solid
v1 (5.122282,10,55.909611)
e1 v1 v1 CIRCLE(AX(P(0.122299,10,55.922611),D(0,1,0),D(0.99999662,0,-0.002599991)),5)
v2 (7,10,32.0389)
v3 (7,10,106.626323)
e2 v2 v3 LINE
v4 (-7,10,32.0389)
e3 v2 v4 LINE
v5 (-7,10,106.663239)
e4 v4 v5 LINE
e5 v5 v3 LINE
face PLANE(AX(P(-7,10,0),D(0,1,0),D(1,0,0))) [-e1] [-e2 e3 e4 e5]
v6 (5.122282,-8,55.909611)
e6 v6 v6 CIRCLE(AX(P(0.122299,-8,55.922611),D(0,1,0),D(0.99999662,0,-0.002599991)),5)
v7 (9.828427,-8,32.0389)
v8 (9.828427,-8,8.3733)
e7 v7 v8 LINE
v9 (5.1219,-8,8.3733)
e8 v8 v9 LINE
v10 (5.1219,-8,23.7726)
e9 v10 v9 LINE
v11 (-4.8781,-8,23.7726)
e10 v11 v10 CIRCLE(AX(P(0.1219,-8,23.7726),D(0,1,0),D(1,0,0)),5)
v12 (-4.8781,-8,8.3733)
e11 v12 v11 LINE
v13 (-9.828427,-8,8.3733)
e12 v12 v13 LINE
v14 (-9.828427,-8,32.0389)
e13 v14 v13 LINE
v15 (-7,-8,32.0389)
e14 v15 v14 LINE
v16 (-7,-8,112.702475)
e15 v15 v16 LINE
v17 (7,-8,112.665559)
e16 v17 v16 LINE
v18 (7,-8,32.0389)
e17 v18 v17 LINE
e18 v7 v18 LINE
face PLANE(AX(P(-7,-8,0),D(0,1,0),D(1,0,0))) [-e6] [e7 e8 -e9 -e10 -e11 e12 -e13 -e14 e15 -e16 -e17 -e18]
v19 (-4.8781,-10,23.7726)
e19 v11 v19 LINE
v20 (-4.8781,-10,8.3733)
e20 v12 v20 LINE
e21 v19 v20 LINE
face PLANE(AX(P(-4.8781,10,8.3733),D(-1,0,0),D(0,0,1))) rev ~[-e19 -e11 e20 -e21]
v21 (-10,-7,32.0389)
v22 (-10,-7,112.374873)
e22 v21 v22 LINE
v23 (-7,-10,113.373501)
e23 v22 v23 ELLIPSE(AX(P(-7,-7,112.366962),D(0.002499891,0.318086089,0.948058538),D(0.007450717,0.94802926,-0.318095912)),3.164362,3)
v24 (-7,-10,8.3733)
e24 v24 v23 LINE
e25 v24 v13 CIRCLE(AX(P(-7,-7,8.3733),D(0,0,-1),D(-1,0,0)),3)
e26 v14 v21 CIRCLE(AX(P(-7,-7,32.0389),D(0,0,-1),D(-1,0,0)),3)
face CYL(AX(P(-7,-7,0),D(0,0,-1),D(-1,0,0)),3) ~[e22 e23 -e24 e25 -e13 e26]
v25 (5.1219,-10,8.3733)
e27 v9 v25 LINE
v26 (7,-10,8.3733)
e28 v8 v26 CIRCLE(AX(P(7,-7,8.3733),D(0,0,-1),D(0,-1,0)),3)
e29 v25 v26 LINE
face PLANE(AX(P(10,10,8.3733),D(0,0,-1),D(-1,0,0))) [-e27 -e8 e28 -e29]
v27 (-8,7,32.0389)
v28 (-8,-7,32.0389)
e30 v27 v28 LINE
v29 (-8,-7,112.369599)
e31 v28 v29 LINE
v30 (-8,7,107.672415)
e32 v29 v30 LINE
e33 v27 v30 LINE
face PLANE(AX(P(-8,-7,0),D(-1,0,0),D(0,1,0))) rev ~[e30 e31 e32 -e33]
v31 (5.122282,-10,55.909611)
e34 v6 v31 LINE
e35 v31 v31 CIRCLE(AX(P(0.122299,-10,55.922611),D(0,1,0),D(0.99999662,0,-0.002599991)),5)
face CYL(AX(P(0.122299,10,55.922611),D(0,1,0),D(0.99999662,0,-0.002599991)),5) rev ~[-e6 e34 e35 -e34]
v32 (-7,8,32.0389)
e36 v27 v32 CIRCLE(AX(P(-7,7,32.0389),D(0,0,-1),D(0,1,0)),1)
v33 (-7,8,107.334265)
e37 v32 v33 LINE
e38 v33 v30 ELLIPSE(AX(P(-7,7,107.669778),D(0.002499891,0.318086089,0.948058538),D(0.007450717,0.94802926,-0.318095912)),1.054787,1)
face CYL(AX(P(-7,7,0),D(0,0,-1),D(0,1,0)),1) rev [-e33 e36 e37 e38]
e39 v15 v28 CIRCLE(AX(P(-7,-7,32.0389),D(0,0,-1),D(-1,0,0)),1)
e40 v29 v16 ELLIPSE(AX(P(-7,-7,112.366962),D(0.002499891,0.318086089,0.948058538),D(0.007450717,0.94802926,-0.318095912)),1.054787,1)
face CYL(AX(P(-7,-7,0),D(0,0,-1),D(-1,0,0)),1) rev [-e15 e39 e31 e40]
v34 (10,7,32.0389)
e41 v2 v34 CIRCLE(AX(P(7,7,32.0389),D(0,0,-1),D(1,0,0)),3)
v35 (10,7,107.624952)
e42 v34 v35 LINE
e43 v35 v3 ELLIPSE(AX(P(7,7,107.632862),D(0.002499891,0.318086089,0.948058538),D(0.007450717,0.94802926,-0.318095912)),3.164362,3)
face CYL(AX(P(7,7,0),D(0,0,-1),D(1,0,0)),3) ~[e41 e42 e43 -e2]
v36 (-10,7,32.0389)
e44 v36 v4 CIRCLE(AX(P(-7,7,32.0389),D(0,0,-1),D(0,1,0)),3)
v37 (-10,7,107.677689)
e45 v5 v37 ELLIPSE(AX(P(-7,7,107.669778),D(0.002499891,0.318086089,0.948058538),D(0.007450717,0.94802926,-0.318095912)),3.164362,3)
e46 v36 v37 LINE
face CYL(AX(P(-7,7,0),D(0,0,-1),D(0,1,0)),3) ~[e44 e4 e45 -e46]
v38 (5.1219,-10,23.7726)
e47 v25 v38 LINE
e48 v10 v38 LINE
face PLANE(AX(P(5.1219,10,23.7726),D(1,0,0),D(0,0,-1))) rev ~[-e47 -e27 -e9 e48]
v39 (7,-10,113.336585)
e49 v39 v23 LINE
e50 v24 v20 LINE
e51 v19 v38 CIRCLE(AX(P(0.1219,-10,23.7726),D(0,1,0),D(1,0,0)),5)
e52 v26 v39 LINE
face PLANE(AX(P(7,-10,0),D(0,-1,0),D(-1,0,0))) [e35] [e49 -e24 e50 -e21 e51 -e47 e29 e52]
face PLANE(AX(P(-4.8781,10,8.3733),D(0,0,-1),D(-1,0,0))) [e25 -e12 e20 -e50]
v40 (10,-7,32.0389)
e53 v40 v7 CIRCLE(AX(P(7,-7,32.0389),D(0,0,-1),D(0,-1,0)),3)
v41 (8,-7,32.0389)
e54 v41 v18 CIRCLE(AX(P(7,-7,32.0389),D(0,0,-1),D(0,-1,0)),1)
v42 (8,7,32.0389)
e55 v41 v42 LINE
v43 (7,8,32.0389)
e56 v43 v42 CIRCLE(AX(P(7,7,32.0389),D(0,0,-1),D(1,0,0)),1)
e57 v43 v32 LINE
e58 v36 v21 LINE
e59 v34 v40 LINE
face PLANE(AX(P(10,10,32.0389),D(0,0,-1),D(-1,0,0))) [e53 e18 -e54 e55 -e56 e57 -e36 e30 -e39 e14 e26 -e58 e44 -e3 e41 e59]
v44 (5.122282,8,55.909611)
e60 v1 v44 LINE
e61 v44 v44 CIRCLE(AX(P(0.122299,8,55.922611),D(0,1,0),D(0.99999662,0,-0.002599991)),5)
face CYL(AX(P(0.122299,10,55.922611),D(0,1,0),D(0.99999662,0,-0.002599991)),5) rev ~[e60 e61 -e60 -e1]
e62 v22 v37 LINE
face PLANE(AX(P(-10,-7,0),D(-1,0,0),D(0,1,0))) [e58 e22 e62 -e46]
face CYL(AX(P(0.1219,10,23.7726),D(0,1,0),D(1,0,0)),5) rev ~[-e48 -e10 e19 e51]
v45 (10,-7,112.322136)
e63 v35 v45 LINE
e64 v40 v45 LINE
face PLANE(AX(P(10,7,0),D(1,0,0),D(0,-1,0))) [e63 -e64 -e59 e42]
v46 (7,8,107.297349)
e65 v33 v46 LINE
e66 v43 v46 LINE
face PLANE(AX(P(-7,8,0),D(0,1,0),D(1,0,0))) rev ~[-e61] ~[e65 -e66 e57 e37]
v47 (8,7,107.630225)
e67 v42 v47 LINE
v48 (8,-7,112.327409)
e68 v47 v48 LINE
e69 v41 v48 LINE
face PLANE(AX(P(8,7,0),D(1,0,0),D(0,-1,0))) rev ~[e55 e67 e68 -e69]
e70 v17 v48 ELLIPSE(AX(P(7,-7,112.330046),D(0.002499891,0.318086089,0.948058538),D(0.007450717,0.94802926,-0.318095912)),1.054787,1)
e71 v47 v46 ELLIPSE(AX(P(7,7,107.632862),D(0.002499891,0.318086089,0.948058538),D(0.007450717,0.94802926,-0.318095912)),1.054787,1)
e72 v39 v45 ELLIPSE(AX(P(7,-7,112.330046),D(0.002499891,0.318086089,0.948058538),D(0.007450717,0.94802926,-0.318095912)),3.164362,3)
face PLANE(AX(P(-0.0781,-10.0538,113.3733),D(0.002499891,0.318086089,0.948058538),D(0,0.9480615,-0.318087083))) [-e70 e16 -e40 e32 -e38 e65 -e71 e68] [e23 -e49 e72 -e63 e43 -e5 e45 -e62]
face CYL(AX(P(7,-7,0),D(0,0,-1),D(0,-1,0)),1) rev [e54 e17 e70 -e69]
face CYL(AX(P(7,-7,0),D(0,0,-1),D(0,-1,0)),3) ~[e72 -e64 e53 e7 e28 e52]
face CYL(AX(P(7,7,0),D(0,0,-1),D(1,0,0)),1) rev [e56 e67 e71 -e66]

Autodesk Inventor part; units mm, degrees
ref_plane "Start Plane" through (0, 0, 0) normal (0, 0, 1) x (1, 0, 0)
ref_plane "End Plane" through (0, 0, 113.3811) normal (0, 0, 1) x (1, 0, 0)
sketch "Sketch" plane through (0, 0, 0) normal (0, 0, 1) x (1, 0, 0)
  line L0 (-10, -7) -> (-10, 7)
  line L1 (-7, 10) -> (7, 10)
  line L2 (10, 7) -> (10, -7)
  line L3 (7, -10) -> (-7, -10)
  arc A0 (-10, -7) -> (-7, -10) centre (-7, -7) ccw
  arc A1 (-7, 10) -> (-10, 7) centre (-7, 7) ccw
  arc A2 (10, 7) -> (7, 10) centre (7, 7) ccw
  arc A3 (7, -10) -> (10, -7) centre (7, -7) ccw
  arc A4 (-7, 8) -> (-8, 7) centre (-7, 7) ccw
  line L4 (-7, 8) -> (7, 8)
  arc A5 (8, 7) -> (7, 8) centre (7, 7) ccw
  line L5 (8, 7) -> (8, -7)
  arc A6 (7, -8) -> (8, -7) centre (7, -7) ccw
  line L6 (7, -8) -> (-7, -8)
  arc A7 (-8, -7) -> (-7, -8) centre (-7, -7) ccw
  line L7 (-8, -7) -> (-8, 7)
  line L8 (0, 14.8698) -> (0, -14.8698) construction
  line L9 (-14.8698, 0) -> (14.8698, 0) construction
  dimension "d7" = 3
  dimension "d10" = 20
  dimension "d11" = 20
  dimension "d12" = 2
  dimension "d15" = 10
  dimension "d16" = 10
extrude "Body" add sketch "Sketch" along normal up to surface (113.3811 mm away) from surface at 0
sketch "Sketch3" plane through (0, 0, 0) normal (0, 0, 1) x (1, 0, 0)
  line L0 (0, 0) -> (10, 0)
ref_plane "Work Plane3" through (0, 0, 0) normal (0, -1, 0) x (1, 0, 0)
sketch "Sketch4" plane through (0, 0, 0) normal (0, -1, 0) x (1, 0, 0)
  line L0 (-2, 0) -> (12, 0)
  line L1 (-2, 113.3811) -> (12, 113.3811)
  dimension "d18" = 113.3811
ref_plane "Work Plane4" through (-0.0781, -10.0538, 113.3733) normal (0.0025, 0.3181, 0.9481) x (1, -0.0004, -0.0025)
split "Split1" plane through (-0.0781, -10.0538, 113.3733) removes the side toward (0.0025, 0.3181, 0.9481)
sketch "Sketch5" plane through (-7, 10, 0) normal (0, 1, 0) x (1, 0, 0)
  circle A0 centre (7.1219, -23.7725) radius 5 projected
  circle A1 centre (7.1219, -23.7725) radius 9 construction
  circle A2 centre (7.1219, -23.7725) radius 7 construction
  line L0 (3.0805, -30.7725) -> (-0.961, -23.7725)
  line L1 (-0.961, -23.7725) -> (3.0805, -16.7725)
  line L2 (3.0805, -16.7725) -> (11.1634, -16.7725)
  line L3 (11.1634, -16.7725) -> (15.2048, -23.7725)
  line L4 (15.2048, -23.7725) -> (11.1634, -30.7725)
  line L5 (11.1634, -30.7725) -> (3.0805, -30.7725)
  line L6 (-3, -112.3746) -> (-3, -107.6775) projected
  line L7 (-3, 0) -> (-3, -107.6775) projected
  line L8 (-3, 0) -> (-3, -112.3746) projected
  line L9 (17, -107.6254) -> (17, -112.3225) projected
  line L10 (17, 0) -> (17, -112.3225) projected
  line L11 (17, 0) -> (17, -107.6254) projected
  line L12 (0, -106.6632) -> (14, -106.6267) projected
  line L13 (17, 0) -> (17, -112.3225) projected
  line L14 (17, -8.3733) -> (-3, -8.3733)
  line L15 (-3, 0) -> (17, 0)
  line L16 (17, -32.0389) -> (-3, -32.0389)
  line L17 (12.1219, -23.7725) -> (12.1219, 0)
  line L18 (0, 0) -> (14, 0) projected
  line L19 (2.1219, 0) -> (2.1219, -24.4296)
  circle A3 centre (7.1219, -55.9225) radius 2.25 projected
  circle A4 centre (7.1219, -55.9225) radius 4.5
  point P0 (7, 0)
  point P1 (7.1219, -30.7725)
  point P2 (0, -33.0389)
  point P3 (-3, -32.0389)
  point P4 (0, -113.3733)
  point P5 (12.7606, -19.5389)
  point P6 (9.7821, -19.5389)
  point P7 (4.4618, -19.5389)
  point P8 (1.4833, -19.5389)
  point P9 (-3, -8.3733)
  point P10 (2.1219, -8.3733)
  point P11 (2.1219, -18.4328)
  point P12 (12.1219, -18.4328)
  point P13 (12.1219, -8.3733)
  point P14 (12.1219, -19.5389)
  point P15 (2.1219, -19.5389)
  dimension "d21" = 14
  dimension "d19" = 18
  dimension "d22" = 1
  dimension "d27" = 9
  dimension "d31" = 105
extrude "Extrusion2" cut sketch "Sketch5" against normal up to surface (18 mm away) contours A0 | L17 L3 L4 L5 L0 L1 L19 A0 | A0 L19 L1 L2 L3 L17 | L17 L14 L10 L16 L7 L19 L1 L0 L5 L4 L3 | L3 L2 L1 L19 L14 L17 | L17 L15 L10 L14 | L14 L19 L15 L17 | L14 L7 L15 L19
sketch "Sketch8" plane through (-7, 10, 106.6632) normal (0, 1, 0) x (1, 0, -0.0026)
  circle A0 centre (7.2542, 50.7219) radius 2.25 projected
  circle A1 centre (7.2542, 50.7219) radius 5
  point P0 (7.278, 106.6446)
  dimension "d28" = 10
extrude "Extrusion4" cut sketch "Sketch8" against normal through all contours A0 | A1
sketch "Sketch9" plane through (-7, 10, 106.6632) normal (0, 1, 0) x (1, 0, 0)
  circle A0 centre (7.1219, 82.8906) radius 5 projected
  line L0 (2.1219, 106.6632) -> (2.1219, 82.2336) projected
  line L1 (12.1219, 82.8906) -> (12.1219, 106.6632) projected
  line L2 (17, 98.2899) -> (-3, 98.2899) projected
  line L3 (-3, 106.6632) -> (-3, -1.0143) projected
  line L4 (17, 106.6632) -> (17, -0.9622) projected
  line L5 (17, 74.6243) -> (-3, 74.6243) projected
  line L6 (17, 106.6632) -> (17, 74.6243)
  line L7 (-3, 74.6243) -> (-3, 106.6632)
  line L8 (17, 98.2899) -> (-3, 98.2899)
  line L9 (17, 106.6632) -> (-3, 106.6632)
  point P0 (2.1219, 82.8906)
  point P1 (2.1219, 98.2899)
  point P2 (12.1219, 98.2899)
extrude "Extrusion5" cut sketch "Sketch9" against normal through all contours A0 | A0 L0 L2 L1 | L2 L0 L9 L1 | L1 L9 L4 L2 | L2 L3 L9 L0
equation "\"d7\" = G_IR"
equation "\"d10\" = G_H"
equation "\"d11\" = G_W"
equation "\"d12\" = G_T"
equation "\"d15\" = 0.5 * d10"
equation "\"d16\" = 0.5 * d11"
equation "\"d3\" = G_L"
equation "\"G_W\" = 20"
equation "\"G_H\" = 20"
equation "\"G_T\" = 2"
equation "\"G_IR\" = 3"
equation "\"G_L\" = d18"
equation "\"G_OFFSET_START\" = 0"
equation "\"G_OFFSET_END\" = 3.38113"
equation "\"d14\" = G_OFFSET_END + B_L"
equation "\"B_L\" = 110"
properties part number "ISO 12633-2 - 20x20x2 - 113,38" material "Steel, Mild"
